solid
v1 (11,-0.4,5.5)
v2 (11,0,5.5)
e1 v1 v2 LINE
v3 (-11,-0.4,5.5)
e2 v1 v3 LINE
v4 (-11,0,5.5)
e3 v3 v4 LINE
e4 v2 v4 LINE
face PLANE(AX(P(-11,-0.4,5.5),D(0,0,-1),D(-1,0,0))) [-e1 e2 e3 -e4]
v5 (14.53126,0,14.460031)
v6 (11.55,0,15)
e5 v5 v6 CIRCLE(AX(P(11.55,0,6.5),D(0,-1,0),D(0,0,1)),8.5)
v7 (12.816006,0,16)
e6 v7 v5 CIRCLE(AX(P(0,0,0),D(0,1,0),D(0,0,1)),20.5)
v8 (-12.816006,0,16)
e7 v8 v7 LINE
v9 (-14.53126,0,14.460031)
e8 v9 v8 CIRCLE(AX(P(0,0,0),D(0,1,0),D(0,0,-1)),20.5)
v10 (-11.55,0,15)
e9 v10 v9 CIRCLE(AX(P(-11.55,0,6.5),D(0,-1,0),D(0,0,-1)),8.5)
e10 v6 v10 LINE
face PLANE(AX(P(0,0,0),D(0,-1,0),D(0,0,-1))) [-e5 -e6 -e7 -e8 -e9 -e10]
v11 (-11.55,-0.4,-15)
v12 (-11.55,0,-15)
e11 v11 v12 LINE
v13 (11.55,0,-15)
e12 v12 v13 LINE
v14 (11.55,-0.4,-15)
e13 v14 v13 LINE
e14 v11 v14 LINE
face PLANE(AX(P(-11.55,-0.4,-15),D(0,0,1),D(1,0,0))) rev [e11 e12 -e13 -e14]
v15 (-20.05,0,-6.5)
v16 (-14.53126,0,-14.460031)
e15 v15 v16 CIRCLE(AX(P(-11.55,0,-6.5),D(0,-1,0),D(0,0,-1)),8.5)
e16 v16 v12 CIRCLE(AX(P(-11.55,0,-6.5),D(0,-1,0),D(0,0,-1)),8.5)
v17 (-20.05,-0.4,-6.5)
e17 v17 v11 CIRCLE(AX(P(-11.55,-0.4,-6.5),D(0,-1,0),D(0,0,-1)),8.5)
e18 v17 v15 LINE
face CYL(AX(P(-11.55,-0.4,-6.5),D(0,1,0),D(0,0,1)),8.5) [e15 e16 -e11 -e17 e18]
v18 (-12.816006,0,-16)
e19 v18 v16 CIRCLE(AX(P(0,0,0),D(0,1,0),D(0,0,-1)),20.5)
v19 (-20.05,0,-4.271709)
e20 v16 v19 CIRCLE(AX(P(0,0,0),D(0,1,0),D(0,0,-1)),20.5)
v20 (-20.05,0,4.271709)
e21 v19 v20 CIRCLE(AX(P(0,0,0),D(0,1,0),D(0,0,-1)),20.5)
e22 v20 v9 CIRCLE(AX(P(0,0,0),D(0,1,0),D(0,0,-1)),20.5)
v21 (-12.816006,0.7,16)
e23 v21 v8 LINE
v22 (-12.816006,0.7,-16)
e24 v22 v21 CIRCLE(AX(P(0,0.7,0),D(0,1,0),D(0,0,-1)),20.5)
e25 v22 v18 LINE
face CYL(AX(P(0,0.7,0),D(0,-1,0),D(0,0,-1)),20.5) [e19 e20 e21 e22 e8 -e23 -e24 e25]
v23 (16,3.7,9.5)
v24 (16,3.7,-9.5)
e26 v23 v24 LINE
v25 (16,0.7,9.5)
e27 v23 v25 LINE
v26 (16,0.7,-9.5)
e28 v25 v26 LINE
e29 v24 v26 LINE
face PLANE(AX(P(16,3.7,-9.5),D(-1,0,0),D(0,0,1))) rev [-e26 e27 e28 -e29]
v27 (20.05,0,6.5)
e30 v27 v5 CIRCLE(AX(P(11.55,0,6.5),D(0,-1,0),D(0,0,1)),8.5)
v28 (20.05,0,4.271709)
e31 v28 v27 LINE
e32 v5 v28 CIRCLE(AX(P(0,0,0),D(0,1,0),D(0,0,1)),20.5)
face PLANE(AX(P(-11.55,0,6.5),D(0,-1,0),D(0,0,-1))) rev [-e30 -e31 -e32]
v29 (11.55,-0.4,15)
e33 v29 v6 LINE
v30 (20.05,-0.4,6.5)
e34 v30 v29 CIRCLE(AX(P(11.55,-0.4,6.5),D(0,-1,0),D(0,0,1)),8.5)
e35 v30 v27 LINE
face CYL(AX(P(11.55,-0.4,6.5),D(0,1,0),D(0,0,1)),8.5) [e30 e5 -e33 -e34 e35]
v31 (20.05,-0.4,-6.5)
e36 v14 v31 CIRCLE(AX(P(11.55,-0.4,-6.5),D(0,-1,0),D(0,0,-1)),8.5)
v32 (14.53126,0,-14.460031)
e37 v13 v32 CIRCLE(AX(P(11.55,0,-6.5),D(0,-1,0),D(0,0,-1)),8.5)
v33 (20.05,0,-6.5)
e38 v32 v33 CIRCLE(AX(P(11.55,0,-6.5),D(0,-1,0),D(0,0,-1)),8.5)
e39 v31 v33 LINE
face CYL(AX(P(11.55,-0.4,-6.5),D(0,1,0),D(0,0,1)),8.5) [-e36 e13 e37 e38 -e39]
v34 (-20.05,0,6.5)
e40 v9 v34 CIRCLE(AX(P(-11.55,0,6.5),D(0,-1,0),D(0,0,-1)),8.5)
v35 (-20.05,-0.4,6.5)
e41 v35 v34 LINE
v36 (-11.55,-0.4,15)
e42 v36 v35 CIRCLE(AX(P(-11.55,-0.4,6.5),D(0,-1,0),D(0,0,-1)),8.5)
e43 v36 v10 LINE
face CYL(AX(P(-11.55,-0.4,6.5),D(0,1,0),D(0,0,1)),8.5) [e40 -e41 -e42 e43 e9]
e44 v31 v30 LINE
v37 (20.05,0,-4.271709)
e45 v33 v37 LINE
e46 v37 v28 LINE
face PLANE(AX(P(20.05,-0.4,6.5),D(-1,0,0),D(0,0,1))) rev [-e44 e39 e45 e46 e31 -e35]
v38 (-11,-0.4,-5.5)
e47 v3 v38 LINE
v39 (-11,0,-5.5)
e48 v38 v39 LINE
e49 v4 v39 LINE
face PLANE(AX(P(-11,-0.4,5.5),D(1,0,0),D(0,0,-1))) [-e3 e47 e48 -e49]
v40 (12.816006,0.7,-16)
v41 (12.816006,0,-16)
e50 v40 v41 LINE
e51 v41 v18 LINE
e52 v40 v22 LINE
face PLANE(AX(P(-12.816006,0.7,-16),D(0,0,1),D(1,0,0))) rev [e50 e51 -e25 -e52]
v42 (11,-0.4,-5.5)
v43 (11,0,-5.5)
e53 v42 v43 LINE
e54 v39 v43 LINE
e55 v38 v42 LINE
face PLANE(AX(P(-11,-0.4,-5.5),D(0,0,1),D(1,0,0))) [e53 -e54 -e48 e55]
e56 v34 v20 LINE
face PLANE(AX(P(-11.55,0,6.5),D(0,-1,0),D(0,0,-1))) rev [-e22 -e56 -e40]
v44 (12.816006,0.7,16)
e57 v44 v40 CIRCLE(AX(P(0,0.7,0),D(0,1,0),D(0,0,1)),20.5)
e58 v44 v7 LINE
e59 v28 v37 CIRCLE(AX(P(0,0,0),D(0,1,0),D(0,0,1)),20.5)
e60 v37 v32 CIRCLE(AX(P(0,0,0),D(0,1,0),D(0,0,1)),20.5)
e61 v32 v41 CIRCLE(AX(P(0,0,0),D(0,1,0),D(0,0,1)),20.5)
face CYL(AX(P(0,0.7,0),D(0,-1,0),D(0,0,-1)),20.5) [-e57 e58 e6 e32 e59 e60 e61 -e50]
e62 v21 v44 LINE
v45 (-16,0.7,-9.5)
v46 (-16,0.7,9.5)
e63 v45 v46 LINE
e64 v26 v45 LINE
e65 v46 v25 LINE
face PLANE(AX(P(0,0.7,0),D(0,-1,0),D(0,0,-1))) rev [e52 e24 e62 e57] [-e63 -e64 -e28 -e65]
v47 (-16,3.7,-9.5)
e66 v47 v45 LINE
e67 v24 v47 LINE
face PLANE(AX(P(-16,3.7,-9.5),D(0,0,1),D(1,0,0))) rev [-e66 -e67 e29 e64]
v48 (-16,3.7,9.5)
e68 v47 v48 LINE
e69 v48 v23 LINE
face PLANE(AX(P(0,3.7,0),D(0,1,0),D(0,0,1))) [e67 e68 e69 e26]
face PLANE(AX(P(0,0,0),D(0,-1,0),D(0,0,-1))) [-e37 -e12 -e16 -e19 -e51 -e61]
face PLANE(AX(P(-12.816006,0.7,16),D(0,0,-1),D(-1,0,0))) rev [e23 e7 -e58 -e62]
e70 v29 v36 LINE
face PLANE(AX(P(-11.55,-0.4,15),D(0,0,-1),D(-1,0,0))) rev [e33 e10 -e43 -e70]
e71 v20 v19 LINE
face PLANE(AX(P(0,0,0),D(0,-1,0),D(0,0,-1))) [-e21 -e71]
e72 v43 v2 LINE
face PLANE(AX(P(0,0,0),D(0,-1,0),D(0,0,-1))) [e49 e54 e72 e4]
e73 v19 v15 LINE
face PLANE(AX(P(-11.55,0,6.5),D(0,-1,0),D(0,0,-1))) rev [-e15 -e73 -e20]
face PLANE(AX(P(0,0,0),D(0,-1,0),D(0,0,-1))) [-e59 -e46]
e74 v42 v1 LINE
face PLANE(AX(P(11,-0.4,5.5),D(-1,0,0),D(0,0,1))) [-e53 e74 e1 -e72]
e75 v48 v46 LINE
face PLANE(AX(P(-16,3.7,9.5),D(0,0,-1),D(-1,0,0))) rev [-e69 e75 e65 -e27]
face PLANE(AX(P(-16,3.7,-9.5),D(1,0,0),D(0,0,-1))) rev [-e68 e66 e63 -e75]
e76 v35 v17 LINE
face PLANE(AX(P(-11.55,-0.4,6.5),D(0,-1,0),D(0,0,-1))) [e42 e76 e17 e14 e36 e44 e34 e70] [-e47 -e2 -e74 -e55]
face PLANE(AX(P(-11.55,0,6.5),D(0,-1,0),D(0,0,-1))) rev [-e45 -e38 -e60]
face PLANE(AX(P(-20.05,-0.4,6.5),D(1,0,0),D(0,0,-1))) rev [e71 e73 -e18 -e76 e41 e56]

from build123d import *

# Parameters (mm, degrees)
EXTRUDE_1_DEPTH = 0.7
SKETCH_2_W      = 22
SKETCH_2_H      = 11
EXTRUDE_2_DEPTH = 0.4
SKETCH_3_W      = 32
SKETCH_3_H      = 19
EXTRUDE_3_DEPTH = 3


with BuildPart() as part:
    # Эскиз1 → Бобышка-Вытянуть1 (new body)
    with BuildSketch(Plane(origin=(0, 0, 0), x_dir=(1, 0, 0), z_dir=(0, 1, 0))):
        with BuildLine():
            Line((-12.816005618, 16), (12.816005618, 16))
            ThreePointArc((12.816005618, 16), (20.5, 0), (12.816005618, -16))
            Line((12.816005618, -16), (-12.816005618, -16))
            ThreePointArc((-12.816005618, -16), (-20.5, 0), (-12.816005618, 16))
        make_face()
    extrude(amount=EXTRUDE_1_DEPTH)

    # Эскиз2 → Бобышка-Вытянуть2 (add)
    with BuildSketch(Plane.XZ):
        with BuildLine():
            Line((-11.55, 15), (11.55, 15))
            ThreePointArc((11.55, 15), (17.56040764, 12.51040764), (20.05, 6.5))
            Line((20.05, 6.5), (20.05, -6.5))
            ThreePointArc((20.05, -6.5), (17.56040764, -12.51040764), (11.55, -15))
            Line((11.55, -15), (-11.55, -15))
            ThreePointArc((-11.55, -15), (-17.56040764, -12.51040764), (-20.05, -6.5))
            Line((-20.05, -6.5), (-20.05, 6.5))
            ThreePointArc((-20.05, 6.5), (-17.56040764, 12.51040764), (-11.55, 15))
        make_face()
        Rectangle(SKETCH_2_W, SKETCH_2_H, mode=Mode.SUBTRACT)
    extrude(amount=EXTRUDE_2_DEPTH)

    # Эскиз3 → Бобышка-Вытянуть3 (add)
    with BuildSketch(Plane(origin=(0, 0.7, 0), x_dir=(1, 0, 0), z_dir=(0, 1, 0))):
        Rectangle(SKETCH_3_W, SKETCH_3_H)
    extrude(amount=EXTRUDE_3_DEPTH)


solid = part.part
